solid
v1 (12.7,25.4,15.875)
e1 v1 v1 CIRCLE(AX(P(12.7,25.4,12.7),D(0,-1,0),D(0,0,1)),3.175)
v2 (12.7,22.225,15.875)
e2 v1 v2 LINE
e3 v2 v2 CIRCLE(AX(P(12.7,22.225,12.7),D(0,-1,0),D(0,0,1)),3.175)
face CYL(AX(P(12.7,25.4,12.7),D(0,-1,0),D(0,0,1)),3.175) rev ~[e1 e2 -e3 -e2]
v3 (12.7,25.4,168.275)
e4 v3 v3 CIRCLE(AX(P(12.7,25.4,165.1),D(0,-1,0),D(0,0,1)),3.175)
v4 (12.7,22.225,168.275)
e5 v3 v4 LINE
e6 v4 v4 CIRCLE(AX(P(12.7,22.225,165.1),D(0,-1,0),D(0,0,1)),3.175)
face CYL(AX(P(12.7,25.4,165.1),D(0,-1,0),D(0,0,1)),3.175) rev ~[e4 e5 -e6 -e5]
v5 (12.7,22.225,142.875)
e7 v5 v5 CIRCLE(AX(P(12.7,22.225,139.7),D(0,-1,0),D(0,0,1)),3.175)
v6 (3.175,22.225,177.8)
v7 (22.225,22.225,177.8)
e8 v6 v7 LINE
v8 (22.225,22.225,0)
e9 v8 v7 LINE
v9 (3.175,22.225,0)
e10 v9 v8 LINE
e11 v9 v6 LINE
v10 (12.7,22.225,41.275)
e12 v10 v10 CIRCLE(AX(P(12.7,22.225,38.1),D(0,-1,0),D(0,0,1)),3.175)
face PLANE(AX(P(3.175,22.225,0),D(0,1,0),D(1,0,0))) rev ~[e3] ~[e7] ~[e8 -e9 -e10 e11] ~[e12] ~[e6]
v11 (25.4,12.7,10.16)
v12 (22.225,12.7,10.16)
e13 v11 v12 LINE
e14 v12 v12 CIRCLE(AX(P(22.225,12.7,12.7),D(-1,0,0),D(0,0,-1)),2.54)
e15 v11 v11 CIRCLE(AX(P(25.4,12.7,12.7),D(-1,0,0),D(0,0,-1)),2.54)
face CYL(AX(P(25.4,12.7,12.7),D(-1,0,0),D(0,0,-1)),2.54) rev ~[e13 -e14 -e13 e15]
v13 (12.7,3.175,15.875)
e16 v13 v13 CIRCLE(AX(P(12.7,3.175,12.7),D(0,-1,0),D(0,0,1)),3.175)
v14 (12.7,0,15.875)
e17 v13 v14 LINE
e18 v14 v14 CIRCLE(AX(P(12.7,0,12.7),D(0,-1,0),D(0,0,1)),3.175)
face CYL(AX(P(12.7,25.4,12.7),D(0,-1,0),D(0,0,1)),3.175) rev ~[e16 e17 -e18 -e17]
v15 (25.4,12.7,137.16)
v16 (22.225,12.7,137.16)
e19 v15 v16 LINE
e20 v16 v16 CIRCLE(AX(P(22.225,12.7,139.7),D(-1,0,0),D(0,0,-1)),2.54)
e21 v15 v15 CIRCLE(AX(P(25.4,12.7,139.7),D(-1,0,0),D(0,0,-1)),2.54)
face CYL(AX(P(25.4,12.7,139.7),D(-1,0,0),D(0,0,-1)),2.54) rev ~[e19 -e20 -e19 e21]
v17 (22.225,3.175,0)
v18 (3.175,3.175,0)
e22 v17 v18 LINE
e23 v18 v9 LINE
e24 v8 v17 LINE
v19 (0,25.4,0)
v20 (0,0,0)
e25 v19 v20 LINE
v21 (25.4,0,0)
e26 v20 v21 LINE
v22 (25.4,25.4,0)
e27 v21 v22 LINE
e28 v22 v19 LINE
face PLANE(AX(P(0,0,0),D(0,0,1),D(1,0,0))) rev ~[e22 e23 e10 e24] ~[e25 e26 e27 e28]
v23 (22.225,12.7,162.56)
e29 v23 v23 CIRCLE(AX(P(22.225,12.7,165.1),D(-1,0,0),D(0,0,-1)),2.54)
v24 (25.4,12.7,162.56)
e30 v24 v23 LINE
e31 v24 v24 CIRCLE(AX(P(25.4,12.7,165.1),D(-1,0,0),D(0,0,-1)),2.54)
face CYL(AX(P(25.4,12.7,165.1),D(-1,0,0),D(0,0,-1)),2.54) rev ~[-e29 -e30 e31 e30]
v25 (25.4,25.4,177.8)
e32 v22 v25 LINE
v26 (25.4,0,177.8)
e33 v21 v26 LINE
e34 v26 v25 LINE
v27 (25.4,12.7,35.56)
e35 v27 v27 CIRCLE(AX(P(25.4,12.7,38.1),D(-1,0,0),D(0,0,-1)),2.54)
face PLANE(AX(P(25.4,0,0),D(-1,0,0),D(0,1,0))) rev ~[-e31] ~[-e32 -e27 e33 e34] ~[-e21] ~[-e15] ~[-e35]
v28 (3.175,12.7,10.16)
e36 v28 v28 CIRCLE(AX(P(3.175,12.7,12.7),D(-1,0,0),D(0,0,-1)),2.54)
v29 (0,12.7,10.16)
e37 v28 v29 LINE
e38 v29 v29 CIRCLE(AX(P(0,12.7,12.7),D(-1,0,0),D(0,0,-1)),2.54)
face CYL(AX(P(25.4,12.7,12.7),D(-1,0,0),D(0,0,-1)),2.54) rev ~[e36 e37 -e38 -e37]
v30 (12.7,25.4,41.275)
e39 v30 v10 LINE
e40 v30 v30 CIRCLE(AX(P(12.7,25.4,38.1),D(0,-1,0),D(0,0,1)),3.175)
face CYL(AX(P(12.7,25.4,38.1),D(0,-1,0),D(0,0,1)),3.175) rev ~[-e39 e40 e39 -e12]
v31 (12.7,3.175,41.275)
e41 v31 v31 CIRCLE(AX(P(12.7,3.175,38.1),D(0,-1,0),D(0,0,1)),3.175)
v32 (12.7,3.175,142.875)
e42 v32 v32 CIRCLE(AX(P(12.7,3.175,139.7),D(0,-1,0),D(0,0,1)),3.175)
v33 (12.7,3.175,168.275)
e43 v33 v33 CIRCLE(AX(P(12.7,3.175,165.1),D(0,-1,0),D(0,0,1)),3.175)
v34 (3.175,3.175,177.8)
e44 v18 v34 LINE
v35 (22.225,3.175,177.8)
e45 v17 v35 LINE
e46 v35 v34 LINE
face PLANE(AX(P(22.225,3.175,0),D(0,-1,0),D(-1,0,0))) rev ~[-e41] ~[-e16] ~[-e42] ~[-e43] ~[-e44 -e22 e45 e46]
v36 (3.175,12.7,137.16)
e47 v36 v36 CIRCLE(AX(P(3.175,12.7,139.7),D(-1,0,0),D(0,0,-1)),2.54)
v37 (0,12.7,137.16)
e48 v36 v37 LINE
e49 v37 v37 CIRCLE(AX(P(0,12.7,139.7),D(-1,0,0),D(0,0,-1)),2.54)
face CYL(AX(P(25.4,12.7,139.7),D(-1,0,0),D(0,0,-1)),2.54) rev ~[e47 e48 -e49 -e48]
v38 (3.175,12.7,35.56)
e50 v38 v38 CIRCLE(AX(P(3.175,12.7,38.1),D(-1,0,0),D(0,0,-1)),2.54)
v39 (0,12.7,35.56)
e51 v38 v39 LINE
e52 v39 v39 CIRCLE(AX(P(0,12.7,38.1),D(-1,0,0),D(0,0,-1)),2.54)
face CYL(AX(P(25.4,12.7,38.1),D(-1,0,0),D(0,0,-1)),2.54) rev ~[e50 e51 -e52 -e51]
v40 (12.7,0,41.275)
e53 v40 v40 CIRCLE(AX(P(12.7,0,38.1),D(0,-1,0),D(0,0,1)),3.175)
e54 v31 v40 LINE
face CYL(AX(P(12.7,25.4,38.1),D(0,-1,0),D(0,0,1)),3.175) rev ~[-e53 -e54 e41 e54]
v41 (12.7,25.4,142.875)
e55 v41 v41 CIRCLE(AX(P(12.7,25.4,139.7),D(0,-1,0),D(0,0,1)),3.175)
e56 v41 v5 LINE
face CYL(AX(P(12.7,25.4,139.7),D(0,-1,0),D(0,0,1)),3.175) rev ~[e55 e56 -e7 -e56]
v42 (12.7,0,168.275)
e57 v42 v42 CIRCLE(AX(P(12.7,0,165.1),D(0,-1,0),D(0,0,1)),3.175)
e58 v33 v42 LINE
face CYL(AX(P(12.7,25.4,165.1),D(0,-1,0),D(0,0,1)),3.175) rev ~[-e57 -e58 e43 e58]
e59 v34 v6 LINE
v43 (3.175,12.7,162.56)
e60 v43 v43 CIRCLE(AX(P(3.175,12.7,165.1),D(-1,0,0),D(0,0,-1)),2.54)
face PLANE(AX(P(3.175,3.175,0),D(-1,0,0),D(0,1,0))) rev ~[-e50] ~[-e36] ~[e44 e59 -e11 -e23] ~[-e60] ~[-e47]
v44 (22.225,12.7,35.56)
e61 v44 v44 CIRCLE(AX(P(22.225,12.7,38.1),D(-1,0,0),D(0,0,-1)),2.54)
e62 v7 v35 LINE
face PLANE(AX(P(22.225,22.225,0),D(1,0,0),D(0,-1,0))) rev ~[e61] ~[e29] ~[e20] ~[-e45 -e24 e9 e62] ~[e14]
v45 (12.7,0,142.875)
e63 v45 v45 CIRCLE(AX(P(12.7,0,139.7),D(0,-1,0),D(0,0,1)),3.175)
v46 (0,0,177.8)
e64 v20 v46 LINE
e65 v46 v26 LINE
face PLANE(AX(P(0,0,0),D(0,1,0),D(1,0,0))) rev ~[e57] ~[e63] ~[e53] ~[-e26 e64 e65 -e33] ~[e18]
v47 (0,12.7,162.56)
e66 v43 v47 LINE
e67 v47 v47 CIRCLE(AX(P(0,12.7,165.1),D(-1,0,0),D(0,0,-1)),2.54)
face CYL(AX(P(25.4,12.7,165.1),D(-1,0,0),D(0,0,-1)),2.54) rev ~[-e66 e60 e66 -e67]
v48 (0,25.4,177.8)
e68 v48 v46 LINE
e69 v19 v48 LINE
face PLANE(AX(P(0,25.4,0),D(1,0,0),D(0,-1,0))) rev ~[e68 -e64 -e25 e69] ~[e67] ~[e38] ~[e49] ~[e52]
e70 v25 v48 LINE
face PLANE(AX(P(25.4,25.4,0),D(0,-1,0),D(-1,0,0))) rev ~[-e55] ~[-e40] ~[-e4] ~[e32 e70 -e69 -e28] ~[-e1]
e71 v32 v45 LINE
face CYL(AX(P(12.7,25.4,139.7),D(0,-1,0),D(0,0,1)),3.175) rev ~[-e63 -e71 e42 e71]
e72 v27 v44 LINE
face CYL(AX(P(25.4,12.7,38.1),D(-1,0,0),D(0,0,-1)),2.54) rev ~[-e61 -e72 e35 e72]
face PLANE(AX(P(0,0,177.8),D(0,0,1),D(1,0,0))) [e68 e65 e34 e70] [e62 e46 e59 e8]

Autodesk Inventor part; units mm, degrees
ref_plane "YZ Plane" through (0, 0, 0) normal (1, 0, 0) x (0, 1, 0)
ref_plane "XZ Plane" through (0, 0, 0) normal (0, 1, 0) x (-1, 0, 0)
ref_plane "XY Plane" through (0, 0, 0) normal (0, 0, 1) x (1, 0, 0)
sketch "Sketch1" plane through (0, 0, 0) normal (0, 0, 1) x (1, 0, 0)
  line L0 (0, 0) -> (25.4, 0)
  line L1 (25.4, 0) -> (25.4, 25.4)
  line L2 (25.4, 25.4) -> (0, 25.4)
  line L3 (0, 25.4) -> (0, 0)
  line L4 (22.225, 22.225) -> (22.225, 3.175)
  line L5 (22.225, 3.175) -> (3.175, 3.175)
  line L6 (3.175, 3.175) -> (3.175, 22.225)
  line L7 (3.175, 22.225) -> (22.225, 22.225)
  dimension "d0" = 25.4
  dimension "d1" = 25.4
  dimension "d2" = 3.175
extrude "Extrusion1" add sketch "Sketch1" along normal blind 177.8
sketch "Sketch2" plane through (0, 25.4, 0) normal (0, 1, 0) x (1, 0, 0)
  line L0 (25.4, 0) -> (25.4, -177.8) projected
  line L1 (25.4, -177.8) -> (0, -177.8) projected
  line L2 (25.4, 0) -> (0, 0) projected
  line L3 (0, 0) -> (0, -177.8) projected
  point P0 (12.7, -165.1)
  point P1 (12.7, -12.7)
  dimension "d5" = 12.7
  dimension "d6" = 12.7
  dimension "d7" = 12.7
  dimension "d8" = 12.7
hole "Hole1" at (12.7, 25.4, 165.1) at (12.7, 25.4, 12.7) direction (0, -1, 0) diameter 6.35 end through all
pattern_linear "Rectangular Pattern1" count 2 spacing 25.4 along (0, 0, 1) count 2 spacing 25.4 along (0, 0, -1) of "Hole1"
sketch "Sketch4" plane through (25.4, 0, 0) normal (1, 0, 0) x (0, 0, -1)
  line L0 (0, 25.4) -> (-177.8, 25.4) projected
  line L1 (-177.8, 0) -> (-177.8, 25.4) projected
  line L2 (0, 0) -> (0, 25.4) projected
  point P0 (-165.1, 12.7)
  point P1 (-12.7, 12.7)
  dimension "d31" = 12.7
  dimension "d32" = 12.7
  dimension "d33" = 12.7
  dimension "d34" = 12.7
hole "Hole3" at (25.4, 12.7, 165.1) at (25.4, 12.7, 12.7) direction (-1, 0, 0) diameter 5.08 end through all
pattern_linear "Rectangular Pattern2" count 2 spacing 25.4 along (0, 0, -1) count 2 spacing 25.4 along (0, 0, 1) of "Hole3"
equation "\"d0\" = d1"
properties part number "testRoboRescue_Chassis_Frame_lengthBar" material "Aluminum 6061"
